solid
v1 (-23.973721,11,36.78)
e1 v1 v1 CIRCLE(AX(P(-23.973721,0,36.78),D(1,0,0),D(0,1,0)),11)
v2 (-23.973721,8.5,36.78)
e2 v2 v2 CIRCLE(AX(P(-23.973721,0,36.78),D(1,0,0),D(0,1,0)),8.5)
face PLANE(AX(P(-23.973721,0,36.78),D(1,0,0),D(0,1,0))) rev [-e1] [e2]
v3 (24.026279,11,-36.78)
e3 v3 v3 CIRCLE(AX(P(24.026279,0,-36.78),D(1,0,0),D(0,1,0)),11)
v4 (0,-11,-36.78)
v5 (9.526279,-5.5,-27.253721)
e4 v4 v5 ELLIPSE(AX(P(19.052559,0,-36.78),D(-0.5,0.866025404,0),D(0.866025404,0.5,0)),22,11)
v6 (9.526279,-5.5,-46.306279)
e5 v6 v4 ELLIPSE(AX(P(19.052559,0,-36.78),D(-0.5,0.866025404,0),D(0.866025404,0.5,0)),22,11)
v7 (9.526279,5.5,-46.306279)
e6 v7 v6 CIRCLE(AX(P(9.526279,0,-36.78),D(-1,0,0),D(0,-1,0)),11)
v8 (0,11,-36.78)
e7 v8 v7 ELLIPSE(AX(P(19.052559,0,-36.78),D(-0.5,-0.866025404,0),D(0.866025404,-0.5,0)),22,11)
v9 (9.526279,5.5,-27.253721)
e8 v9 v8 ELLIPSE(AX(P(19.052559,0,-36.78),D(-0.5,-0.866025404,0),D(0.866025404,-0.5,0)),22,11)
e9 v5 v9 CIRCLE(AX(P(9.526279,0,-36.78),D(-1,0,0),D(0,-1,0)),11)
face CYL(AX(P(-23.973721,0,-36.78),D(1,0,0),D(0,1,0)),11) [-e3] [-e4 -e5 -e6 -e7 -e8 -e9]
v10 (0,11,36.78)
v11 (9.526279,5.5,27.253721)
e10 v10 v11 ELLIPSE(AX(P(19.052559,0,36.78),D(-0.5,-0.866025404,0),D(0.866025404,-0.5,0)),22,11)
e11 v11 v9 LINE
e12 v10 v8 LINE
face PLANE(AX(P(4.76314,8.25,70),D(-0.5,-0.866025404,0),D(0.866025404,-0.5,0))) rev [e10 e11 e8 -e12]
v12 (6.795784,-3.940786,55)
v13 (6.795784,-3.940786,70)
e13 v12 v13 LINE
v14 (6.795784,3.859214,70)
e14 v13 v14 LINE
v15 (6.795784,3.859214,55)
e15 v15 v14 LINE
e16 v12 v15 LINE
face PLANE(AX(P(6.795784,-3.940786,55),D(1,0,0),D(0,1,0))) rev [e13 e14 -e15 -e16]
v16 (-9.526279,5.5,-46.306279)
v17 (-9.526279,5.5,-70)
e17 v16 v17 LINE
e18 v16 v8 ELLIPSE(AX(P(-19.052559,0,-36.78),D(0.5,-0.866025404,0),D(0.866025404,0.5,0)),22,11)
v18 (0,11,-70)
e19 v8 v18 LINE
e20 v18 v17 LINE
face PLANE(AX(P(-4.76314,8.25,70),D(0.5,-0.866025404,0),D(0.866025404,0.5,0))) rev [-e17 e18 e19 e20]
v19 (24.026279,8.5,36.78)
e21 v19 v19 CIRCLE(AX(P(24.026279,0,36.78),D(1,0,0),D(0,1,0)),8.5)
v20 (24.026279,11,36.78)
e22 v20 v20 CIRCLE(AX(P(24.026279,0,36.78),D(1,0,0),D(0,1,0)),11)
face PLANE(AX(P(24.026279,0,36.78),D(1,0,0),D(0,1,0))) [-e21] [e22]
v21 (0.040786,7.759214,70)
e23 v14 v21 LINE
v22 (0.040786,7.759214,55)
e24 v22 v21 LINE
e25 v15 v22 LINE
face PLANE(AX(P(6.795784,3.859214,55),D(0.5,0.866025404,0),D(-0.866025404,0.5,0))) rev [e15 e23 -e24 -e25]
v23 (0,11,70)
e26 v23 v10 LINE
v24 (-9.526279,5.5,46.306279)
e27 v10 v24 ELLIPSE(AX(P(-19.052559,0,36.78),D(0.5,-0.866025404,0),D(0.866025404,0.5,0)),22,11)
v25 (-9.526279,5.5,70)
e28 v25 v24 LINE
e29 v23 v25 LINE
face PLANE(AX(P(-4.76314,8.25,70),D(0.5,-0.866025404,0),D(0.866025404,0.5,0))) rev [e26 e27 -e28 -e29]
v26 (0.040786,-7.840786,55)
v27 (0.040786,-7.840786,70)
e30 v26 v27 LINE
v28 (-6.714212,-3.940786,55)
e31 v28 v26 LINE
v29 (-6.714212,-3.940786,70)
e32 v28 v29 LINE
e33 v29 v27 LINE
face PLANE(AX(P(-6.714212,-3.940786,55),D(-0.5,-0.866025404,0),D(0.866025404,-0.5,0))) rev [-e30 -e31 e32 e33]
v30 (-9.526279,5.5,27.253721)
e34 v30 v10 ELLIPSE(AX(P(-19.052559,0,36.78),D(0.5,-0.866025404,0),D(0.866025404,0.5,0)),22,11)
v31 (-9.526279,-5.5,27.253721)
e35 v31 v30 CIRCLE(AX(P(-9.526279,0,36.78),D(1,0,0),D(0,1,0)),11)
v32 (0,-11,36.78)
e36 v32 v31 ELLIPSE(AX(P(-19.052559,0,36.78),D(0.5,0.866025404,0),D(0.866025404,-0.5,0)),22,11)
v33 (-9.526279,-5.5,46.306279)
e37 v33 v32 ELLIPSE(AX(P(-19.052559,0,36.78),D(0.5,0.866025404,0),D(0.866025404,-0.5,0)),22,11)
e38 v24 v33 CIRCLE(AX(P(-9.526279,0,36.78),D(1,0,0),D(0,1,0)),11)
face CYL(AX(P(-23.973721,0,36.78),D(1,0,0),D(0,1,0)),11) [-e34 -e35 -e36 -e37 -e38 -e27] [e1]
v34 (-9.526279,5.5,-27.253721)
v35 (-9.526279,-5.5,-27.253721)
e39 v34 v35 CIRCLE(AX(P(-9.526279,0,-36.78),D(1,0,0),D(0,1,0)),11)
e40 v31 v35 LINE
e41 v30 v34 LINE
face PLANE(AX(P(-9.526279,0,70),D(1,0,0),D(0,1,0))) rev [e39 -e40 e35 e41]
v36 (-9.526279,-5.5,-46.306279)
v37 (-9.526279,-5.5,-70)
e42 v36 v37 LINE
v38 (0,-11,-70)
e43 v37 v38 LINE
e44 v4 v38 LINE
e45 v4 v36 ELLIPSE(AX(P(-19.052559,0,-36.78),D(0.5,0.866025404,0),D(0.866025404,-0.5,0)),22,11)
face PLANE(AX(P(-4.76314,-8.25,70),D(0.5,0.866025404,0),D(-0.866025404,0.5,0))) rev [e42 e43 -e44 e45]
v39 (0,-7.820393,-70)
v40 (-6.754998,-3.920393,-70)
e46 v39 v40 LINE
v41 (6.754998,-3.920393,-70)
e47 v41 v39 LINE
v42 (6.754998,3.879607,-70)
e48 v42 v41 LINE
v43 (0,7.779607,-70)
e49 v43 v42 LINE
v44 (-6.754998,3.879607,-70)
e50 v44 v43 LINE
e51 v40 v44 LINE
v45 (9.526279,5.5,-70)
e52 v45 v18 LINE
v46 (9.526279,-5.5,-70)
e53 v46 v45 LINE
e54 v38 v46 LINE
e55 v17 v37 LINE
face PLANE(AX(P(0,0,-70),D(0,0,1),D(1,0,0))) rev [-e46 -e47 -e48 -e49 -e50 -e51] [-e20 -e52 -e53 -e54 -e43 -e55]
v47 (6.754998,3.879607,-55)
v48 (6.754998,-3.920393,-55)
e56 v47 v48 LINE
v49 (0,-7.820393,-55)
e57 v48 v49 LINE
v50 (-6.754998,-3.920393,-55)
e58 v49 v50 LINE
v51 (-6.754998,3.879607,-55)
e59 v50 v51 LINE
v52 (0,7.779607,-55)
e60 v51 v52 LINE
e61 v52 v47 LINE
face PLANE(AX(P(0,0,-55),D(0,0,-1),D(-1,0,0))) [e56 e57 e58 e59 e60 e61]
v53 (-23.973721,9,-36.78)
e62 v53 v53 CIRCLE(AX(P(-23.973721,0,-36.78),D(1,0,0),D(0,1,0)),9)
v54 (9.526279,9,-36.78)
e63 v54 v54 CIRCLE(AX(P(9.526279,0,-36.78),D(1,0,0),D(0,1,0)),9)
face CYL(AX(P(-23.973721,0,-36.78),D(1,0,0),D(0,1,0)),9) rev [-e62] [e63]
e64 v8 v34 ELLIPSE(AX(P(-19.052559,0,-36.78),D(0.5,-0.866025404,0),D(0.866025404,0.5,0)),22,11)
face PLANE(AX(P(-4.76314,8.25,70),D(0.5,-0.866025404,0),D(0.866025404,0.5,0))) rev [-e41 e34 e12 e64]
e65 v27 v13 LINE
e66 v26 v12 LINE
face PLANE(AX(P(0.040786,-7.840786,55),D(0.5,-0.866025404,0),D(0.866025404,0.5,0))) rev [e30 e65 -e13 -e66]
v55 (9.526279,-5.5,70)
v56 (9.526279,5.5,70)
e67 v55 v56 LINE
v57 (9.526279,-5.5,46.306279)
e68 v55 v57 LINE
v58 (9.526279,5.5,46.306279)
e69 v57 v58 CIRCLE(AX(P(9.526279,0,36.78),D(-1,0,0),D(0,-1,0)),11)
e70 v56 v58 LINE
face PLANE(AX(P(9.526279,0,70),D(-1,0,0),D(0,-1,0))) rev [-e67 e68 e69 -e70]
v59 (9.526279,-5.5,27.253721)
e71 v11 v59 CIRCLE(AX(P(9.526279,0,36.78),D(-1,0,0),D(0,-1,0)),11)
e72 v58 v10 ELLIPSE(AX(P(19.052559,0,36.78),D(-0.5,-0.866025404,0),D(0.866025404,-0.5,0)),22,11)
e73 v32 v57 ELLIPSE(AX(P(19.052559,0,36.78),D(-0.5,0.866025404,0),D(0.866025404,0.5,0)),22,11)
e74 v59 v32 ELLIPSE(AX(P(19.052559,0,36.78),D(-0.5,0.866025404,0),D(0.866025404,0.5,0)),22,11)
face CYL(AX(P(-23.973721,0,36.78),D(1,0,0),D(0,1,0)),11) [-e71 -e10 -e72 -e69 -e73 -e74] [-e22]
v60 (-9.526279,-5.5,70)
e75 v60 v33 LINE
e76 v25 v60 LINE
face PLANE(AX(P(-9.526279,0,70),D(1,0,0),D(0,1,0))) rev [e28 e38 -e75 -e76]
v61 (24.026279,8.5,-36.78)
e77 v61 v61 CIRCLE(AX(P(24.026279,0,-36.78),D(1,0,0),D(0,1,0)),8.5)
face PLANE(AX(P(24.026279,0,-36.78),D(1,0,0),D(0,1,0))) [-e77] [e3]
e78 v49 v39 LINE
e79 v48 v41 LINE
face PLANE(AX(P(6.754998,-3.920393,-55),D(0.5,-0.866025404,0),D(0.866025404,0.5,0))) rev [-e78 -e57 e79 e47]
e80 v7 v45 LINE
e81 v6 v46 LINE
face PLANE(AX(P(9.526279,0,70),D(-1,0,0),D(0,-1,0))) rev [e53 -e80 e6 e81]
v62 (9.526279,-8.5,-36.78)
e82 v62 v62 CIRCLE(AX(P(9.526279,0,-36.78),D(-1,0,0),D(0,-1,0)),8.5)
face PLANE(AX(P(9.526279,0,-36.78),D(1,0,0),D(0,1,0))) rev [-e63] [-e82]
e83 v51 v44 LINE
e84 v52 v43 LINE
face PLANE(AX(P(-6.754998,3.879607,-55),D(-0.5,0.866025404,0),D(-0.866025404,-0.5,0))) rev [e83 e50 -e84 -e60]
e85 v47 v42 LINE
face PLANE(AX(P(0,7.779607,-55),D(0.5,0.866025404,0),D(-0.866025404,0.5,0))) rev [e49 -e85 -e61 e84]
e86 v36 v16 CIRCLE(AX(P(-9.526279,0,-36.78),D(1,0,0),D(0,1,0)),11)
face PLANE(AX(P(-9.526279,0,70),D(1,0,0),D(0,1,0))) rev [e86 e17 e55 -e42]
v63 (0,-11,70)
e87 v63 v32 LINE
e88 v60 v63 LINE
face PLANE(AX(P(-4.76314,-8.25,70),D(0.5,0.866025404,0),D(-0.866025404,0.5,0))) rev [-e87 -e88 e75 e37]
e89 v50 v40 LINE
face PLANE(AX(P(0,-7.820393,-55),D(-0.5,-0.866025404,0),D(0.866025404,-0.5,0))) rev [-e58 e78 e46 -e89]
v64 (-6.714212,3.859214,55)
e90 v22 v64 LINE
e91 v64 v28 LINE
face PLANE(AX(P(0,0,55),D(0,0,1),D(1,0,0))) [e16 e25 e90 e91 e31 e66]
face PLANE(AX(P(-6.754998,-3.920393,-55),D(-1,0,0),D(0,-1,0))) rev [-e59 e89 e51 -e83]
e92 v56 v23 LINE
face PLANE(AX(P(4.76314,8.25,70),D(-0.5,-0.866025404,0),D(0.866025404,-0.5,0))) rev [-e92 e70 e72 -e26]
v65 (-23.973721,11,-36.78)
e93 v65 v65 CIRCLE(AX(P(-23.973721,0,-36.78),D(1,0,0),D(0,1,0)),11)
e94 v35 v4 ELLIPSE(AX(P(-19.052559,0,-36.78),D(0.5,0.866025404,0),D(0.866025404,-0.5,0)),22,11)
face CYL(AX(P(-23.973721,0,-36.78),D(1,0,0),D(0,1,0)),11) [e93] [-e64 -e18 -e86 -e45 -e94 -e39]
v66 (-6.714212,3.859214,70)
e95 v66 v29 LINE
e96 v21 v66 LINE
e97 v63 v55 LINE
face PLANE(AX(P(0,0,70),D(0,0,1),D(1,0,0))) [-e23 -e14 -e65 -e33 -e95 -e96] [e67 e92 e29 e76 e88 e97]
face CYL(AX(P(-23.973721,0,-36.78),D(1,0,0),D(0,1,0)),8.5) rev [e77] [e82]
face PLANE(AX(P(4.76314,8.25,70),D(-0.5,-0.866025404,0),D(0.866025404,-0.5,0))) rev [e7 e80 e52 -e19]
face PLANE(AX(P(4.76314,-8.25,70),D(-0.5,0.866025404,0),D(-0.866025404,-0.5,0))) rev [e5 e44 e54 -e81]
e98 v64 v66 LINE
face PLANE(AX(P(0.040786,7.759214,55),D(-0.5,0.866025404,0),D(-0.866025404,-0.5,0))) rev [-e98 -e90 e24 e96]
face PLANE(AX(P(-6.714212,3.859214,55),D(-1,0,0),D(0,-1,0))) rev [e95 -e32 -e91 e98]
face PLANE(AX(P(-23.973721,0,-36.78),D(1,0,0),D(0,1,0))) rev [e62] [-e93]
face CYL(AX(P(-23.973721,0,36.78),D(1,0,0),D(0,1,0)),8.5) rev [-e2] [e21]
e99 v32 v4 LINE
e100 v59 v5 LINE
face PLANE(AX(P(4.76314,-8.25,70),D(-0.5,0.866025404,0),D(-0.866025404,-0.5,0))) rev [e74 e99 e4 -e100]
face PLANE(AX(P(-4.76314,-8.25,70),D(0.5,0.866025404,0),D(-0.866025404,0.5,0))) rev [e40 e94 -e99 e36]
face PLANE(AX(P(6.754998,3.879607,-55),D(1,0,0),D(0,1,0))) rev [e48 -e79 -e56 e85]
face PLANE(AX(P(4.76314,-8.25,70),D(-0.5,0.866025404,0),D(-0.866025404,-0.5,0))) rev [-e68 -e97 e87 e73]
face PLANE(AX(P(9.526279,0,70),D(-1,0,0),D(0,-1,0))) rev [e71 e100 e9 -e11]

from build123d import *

# Parameters (mm, degrees)
BOSS_EXTRUDE2_DEPTH      = 70
CUT_EXTRUDE6_DEPTH       = 15
CUT_EXTRUDE7_DEPTH       = 15
BOSS_EXTRUDE3_DEPTH      = 14.5
BOSS_EXTRUDE3_DEPTH_BACK = 33.5
SKETCH3_R                = 11
SKETCH3_R_2              = 8.5
SKETCH12_R               = 8.5
SKETCH12_R_2             = 9
CUT_EXTRUDE8_DEPTH       = 79.378887463


with BuildPart() as part:
    # Sketch1<3> → Boss-Extrude2 (new, symmetric)
    with BuildSketch(Plane.XY):
        Polygon((-9.526279442, -5.5), (0, -11), (9.526279442, -5.5), (9.526279442, 5.5), (0, 11), (-9.526279442, 5.5), align=None)
    extrude(amount=BOSS_EXTRUDE2_DEPTH, both=True)

    # Sketch10 → Cut-Extrude6 (cut)
    with BuildSketch(Plane.XY.offset(70)):
        Polygon((0.040785795, -7.840785795), (6.795783944, -3.940785795), (6.795783944, 3.859214205), (0.040785795, 7.759214205), (-6.714212355, 3.859214205), (-6.714212355, -3.940785795), align=None)
    extrude(amount=-CUT_EXTRUDE6_DEPTH, mode=Mode.SUBTRACT)

    # Sketch11 → Cut-Extrude7 (cut)
    with BuildSketch(Plane(origin=(0, 0, -70), x_dir=(-1, 0, 0), z_dir=(0, 0, -1))):
        Polygon((0, -7.820392897), (6.75499815, -3.920392897), (6.75499815, 3.879607103), (0, 7.779607103), (-6.75499815, 3.879607103), (-6.75499815, -3.920392897), align=None)
    extrude(amount=-CUT_EXTRUDE7_DEPTH, mode=Mode.SUBTRACT)

    # Sketch3 → Boss-Extrude3 (add, two sides: drawn at the far end of the back side and taken through both)
    # profile 1 of 2: a face of its own
    with BuildSketch(Plane(origin=(9.526279442, 0, 0), x_dir=(0, 0, -1), z_dir=(1, 0, 0)).offset(-BOSS_EXTRUDE3_DEPTH_BACK)):
        with Locations((-36.78, 0)):
            Circle(SKETCH3_R)
        with Locations((-36.78, 0)):
            Circle(SKETCH3_R_2, mode=Mode.SUBTRACT)
    # profile 2 of 2: a face of its own
    with BuildSketch(Plane(origin=(9.526279442, 0, 0), x_dir=(0, 0, -1), z_dir=(1, 0, 0)).offset(-BOSS_EXTRUDE3_DEPTH_BACK)):
        with Locations((36.78, 0)):
            Circle(SKETCH3_R)
        with Locations((36.78, 0)):
            Circle(SKETCH3_R_2, mode=Mode.SUBTRACT)
    extrude(amount=BOSS_EXTRUDE3_DEPTH + BOSS_EXTRUDE3_DEPTH_BACK)

    # Sketch12 → Cut-Extrude8 (cut, through all)
    with BuildSketch(Plane(origin=(9.526279442, 0, 0), x_dir=(0, 0, -1), z_dir=(1, 0, 0))):
        with Locations((-36.78, 0)):
            Circle(SKETCH12_R)
        with Locations((36.78, 0)):
            Circle(SKETCH12_R_2)
    extrude(amount=-CUT_EXTRUDE8_DEPTH, mode=Mode.SUBTRACT)


solid = part.part
